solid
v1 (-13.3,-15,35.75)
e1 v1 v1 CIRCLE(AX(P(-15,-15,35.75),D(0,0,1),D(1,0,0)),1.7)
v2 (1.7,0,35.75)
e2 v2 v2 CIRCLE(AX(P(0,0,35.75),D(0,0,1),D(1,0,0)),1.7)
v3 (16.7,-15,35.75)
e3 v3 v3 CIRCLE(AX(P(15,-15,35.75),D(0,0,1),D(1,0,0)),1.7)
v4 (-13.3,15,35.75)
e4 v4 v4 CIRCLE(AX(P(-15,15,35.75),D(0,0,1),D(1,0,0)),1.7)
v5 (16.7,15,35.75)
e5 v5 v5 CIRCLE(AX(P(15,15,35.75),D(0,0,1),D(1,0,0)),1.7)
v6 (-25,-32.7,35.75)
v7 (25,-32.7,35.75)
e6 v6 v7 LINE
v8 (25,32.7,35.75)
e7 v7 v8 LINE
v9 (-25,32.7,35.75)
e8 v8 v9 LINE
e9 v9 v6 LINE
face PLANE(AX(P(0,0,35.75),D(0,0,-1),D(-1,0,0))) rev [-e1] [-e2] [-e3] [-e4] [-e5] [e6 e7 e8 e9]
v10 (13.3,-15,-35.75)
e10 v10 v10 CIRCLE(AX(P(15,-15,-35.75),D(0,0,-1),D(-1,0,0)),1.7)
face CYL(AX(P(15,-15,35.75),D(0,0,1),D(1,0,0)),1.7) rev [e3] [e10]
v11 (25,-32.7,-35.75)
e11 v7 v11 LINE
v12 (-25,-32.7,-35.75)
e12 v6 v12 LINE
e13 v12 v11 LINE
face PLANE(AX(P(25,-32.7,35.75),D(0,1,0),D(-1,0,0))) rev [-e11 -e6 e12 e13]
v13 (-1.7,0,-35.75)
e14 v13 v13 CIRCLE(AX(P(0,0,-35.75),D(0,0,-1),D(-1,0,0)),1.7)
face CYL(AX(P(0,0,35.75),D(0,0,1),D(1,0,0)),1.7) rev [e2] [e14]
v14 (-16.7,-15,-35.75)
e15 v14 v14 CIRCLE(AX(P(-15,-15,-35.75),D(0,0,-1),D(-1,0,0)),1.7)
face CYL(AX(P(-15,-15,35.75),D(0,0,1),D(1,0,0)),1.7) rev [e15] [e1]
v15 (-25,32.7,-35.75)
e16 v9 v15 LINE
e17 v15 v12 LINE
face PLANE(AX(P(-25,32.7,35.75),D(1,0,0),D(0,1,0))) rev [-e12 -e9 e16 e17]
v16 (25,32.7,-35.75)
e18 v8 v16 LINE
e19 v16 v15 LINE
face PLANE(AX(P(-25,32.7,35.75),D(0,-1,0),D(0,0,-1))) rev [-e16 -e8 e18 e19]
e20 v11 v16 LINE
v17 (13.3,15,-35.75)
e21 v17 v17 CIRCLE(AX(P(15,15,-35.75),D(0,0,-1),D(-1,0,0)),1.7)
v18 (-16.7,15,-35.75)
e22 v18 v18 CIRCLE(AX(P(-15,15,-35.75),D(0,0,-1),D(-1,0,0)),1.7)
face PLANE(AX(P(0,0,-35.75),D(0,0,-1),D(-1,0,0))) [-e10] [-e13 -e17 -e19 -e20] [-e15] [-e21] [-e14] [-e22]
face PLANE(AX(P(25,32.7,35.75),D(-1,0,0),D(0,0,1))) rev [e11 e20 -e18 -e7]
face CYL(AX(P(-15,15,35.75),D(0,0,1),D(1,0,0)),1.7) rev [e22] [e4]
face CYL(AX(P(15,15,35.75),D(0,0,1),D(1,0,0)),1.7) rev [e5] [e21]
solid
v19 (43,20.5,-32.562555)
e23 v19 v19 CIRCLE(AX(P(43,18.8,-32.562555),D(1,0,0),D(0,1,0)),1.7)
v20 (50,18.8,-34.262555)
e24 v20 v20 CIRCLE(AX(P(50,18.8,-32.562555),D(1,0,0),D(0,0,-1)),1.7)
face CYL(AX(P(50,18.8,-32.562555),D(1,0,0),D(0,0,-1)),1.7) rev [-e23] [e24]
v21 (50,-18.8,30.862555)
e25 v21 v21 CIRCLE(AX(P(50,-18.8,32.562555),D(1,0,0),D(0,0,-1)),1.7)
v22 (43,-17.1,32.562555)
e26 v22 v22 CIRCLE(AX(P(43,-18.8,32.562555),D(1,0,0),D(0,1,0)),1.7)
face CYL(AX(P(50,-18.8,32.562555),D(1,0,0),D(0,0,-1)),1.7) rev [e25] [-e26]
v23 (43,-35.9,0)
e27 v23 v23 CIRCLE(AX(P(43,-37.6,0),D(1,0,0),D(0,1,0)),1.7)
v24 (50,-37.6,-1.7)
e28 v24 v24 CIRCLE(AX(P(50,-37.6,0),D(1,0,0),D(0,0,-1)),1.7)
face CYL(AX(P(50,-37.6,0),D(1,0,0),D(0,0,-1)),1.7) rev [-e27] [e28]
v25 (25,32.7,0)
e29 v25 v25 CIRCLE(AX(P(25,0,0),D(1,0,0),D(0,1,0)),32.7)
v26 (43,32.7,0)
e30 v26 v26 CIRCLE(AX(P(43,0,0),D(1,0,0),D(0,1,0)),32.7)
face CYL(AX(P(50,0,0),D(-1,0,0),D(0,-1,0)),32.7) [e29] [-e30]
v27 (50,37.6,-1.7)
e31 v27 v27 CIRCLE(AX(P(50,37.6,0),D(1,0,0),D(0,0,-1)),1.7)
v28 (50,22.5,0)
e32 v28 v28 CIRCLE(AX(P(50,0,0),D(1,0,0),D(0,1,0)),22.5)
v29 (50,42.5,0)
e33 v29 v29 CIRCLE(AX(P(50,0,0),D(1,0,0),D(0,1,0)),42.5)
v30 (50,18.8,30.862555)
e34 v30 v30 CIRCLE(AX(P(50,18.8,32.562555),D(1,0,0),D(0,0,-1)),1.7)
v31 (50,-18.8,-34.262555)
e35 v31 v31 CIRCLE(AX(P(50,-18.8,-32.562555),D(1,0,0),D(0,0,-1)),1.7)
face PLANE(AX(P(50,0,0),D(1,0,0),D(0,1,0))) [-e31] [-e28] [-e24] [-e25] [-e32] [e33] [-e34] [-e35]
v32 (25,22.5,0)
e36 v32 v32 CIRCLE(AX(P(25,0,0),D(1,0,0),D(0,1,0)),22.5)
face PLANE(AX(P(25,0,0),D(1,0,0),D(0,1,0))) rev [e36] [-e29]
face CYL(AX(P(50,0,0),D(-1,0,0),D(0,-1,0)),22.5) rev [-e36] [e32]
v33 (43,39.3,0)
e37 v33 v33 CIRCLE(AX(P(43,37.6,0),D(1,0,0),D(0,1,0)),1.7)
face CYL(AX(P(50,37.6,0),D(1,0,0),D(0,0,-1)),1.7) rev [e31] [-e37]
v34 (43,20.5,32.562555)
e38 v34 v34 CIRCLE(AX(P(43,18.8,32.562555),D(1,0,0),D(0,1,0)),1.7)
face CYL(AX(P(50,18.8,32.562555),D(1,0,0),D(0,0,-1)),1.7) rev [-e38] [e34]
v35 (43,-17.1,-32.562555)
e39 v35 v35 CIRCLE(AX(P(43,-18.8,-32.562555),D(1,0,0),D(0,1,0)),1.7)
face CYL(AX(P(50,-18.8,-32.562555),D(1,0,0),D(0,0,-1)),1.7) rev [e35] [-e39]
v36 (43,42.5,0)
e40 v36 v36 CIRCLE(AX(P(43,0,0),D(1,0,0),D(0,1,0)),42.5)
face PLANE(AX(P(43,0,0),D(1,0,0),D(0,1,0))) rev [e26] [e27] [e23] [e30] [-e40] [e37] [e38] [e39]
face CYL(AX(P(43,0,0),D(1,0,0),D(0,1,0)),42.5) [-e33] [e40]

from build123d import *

# Parameters (mm, degrees)
CROQUIS1_W                            = 50
CROQUIS1_H                            = 65.4
SALIENTE_EXTRUIR1_DEPTH               = 35.75
CROQUIS2_R                            = 32.7
CROQUIS2_R_2                          = 22.5
SALIENTE_EXTRUIR2_DEPTH               = 25
CROQUIS3_R                            = 42.5
CROQUIS3_R_2                          = 32.7
SALIENTE_EXTRUIR3_DEPTH               = 7
CROQUIS5_W                            = 1.7
CROQUIS5_H                            = 7.001
TALADRO_DE_MARGEN_PARA_M31_AT_2_COUNT = 2
TALADRO_DE_MARGEN_PARA_M31_AT_2_PITCH = 37.6
TALADRO_DE_MARGEN_PARA_M31_AT_3_COUNT = 2
TALADRO_DE_MARGEN_PARA_M31_AT_3_PITCH = 65.125110365
TALADRO_DE_MARGEN_PARA_M31_AT_4_COUNT = 2
TALADRO_DE_MARGEN_PARA_M31_AT_4_PITCH = 75.2
TALADRO_DE_MARGEN_PARA_M31_AT_5_COUNT = 2
TALADRO_DE_MARGEN_PARA_M31_AT_5_PITCH = 65.125110365
TALADRO_DE_MARGEN_PARA_M31_AT_6_COUNT = 2
TALADRO_DE_MARGEN_PARA_M31_AT_6_PITCH = 37.6
CROQUIS12_W                           = 1.7
CROQUIS12_H                           = 78.25
TALADRO_DE_MARGEN_PARA_M32_AT_2_COUNT = 2
TALADRO_DE_MARGEN_PARA_M32_AT_2_PITCH = 42.426406871
TALADRO_DE_MARGEN_PARA_M32_AT_3_COUNT = 2
TALADRO_DE_MARGEN_PARA_M32_AT_3_PITCH = 30
TALADRO_DE_MARGEN_PARA_M32_AT_4_COUNT = 2
TALADRO_DE_MARGEN_PARA_M32_AT_4_PITCH = 30
TALADRO_DE_MARGEN_PARA_M32_AT_5_COUNT = 2
TALADRO_DE_MARGEN_PARA_M32_AT_5_PITCH = 21.213203436


with BuildPart() as part:
    # Croquis1 → Saliente-Extruir1 (new, symmetric)
    with BuildSketch(Plane.XY):
        Rectangle(CROQUIS1_W, CROQUIS1_H)
    extrude(amount=SALIENTE_EXTRUIR1_DEPTH, both=True)

    # Croquis12 → Taladro de margen para M32 (revolve, cut)
    with BuildSketch(Plane(origin=(15, 15, 35.75), x_dir=(0, -1, 0), z_dir=(1, 0, 0))):
        with Locations((0.85, 39.125)):
            Rectangle(CROQUIS12_W, CROQUIS12_H)
    taladro_de_margen_para_m32 = revolve(axis=Axis((15, 15, 42.1), (0, 0, -1)), mode=Mode.SUBTRACT)

    # Taladro de margen para M32 at 2: Taladro de margen para M32 ×2
    with Locations(*[Vector(-0.7071067811865475, -0.7071067811865476, 0) * (i * TALADRO_DE_MARGEN_PARA_M32_AT_2_PITCH) for i in range(1, TALADRO_DE_MARGEN_PARA_M32_AT_2_COUNT)]):
        add(taladro_de_margen_para_m32, mode=Mode.SUBTRACT)

    # Taladro de margen para M32 at 3: Taladro de margen para M32 ×2
    with Locations(*[(-i * TALADRO_DE_MARGEN_PARA_M32_AT_3_PITCH, 0, 0) for i in range(1, TALADRO_DE_MARGEN_PARA_M32_AT_3_COUNT)]):
        add(taladro_de_margen_para_m32, mode=Mode.SUBTRACT)

    # Taladro de margen para M32 at 4: Taladro de margen para M32 ×2
    with Locations(*[(0, -i * TALADRO_DE_MARGEN_PARA_M32_AT_4_PITCH, 0) for i in range(1, TALADRO_DE_MARGEN_PARA_M32_AT_4_COUNT)]):
        add(taladro_de_margen_para_m32, mode=Mode.SUBTRACT)

    # Taladro de margen para M32 at 5: Taladro de margen para M32 ×2
    with Locations(*[Vector(-0.7071067811865476, -0.7071067811865476, 0) * (i * TALADRO_DE_MARGEN_PARA_M32_AT_5_PITCH) for i in range(1, TALADRO_DE_MARGEN_PARA_M32_AT_5_COUNT)]):
        add(taladro_de_margen_para_m32, mode=Mode.SUBTRACT)


with BuildPart() as body_2:
    # Croquis2 → Saliente-Extruir2 (new body)
    with BuildSketch(Plane(origin=(25, 0, 0), x_dir=(0, 0, -1), z_dir=(1, 0, 0))):
        with Locations(Location((0, 0, 0), (0, 0, 90))):
            Circle(CROQUIS2_R)
        with Locations(Location((0, 0, 0), (0, 0, 90))):
            Circle(CROQUIS2_R_2, mode=Mode.SUBTRACT)
    extrude(amount=SALIENTE_EXTRUIR2_DEPTH)

    # Croquis3 → Saliente-Extruir3 (add)
    with BuildSketch(Plane(origin=(50, 0, 0), x_dir=(0, 0, -1), z_dir=(1, 0, 0))):
        with Locations(Location((0, 0, 0), (0, 0, 90))):
            Circle(CROQUIS3_R)
        with Locations(Location((0, 0, 0), (0, 0, 90))):
            Circle(CROQUIS3_R_2, mode=Mode.SUBTRACT)
    extrude(amount=-SALIENTE_EXTRUIR3_DEPTH)

    # Croquis5 → Taladro de margen para M31 (revolve, cut)
    with BuildSketch(Plane(origin=(50, 18.8, 32.562555182), x_dir=(0, 0, -1), z_dir=(0, 1, 0))):
        with Locations((0.85, 3.5005)):
            Rectangle(CROQUIS5_W, CROQUIS5_H)
    taladro_de_margen_para_m31 = revolve(axis=Axis((56.35, 18.8, 32.562555182), (-1, 0, 0)), mode=Mode.SUBTRACT)

    # Taladro de margen para M31 at 2: Taladro de margen para M31 ×2
    with Locations(*[Vector(0, 0.5000000000000369, -0.8660254037844175) * (i * TALADRO_DE_MARGEN_PARA_M31_AT_2_PITCH) for i in range(1, TALADRO_DE_MARGEN_PARA_M31_AT_2_COUNT)]):
        add(taladro_de_margen_para_m31, mode=Mode.SUBTRACT)

    # Taladro de margen para M31 at 3: Taladro de margen para M31 ×2
    with Locations(*[(0, 0, -i * TALADRO_DE_MARGEN_PARA_M31_AT_3_PITCH) for i in range(1, TALADRO_DE_MARGEN_PARA_M31_AT_3_COUNT)]):
        add(taladro_de_margen_para_m31, mode=Mode.SUBTRACT)

    # Taladro de margen para M31 at 4: Taladro de margen para M31 ×2
    with Locations(*[Vector(0, -0.49999999999996314, -0.8660254037844598) * (i * TALADRO_DE_MARGEN_PARA_M31_AT_4_PITCH) for i in range(1, TALADRO_DE_MARGEN_PARA_M31_AT_4_COUNT)]):
        add(taladro_de_margen_para_m31, mode=Mode.SUBTRACT)

    # Taladro de margen para M31 at 5: Taladro de margen para M31 ×2
    with Locations(*[Vector(0, -0.8660254037844175, -0.5000000000000367) * (i * TALADRO_DE_MARGEN_PARA_M31_AT_5_PITCH) for i in range(1, TALADRO_DE_MARGEN_PARA_M31_AT_5_COUNT)]):
        add(taladro_de_margen_para_m31, mode=Mode.SUBTRACT)

    # Taladro de margen para M31 at 6: Taladro de margen para M31 ×2
    with Locations(*[(0, -i * TALADRO_DE_MARGEN_PARA_M31_AT_6_PITCH, 0) for i in range(1, TALADRO_DE_MARGEN_PARA_M31_AT_6_COUNT)]):
        add(taladro_de_margen_para_m31, mode=Mode.SUBTRACT)


solid = Compound([part.part, body_2.part])
